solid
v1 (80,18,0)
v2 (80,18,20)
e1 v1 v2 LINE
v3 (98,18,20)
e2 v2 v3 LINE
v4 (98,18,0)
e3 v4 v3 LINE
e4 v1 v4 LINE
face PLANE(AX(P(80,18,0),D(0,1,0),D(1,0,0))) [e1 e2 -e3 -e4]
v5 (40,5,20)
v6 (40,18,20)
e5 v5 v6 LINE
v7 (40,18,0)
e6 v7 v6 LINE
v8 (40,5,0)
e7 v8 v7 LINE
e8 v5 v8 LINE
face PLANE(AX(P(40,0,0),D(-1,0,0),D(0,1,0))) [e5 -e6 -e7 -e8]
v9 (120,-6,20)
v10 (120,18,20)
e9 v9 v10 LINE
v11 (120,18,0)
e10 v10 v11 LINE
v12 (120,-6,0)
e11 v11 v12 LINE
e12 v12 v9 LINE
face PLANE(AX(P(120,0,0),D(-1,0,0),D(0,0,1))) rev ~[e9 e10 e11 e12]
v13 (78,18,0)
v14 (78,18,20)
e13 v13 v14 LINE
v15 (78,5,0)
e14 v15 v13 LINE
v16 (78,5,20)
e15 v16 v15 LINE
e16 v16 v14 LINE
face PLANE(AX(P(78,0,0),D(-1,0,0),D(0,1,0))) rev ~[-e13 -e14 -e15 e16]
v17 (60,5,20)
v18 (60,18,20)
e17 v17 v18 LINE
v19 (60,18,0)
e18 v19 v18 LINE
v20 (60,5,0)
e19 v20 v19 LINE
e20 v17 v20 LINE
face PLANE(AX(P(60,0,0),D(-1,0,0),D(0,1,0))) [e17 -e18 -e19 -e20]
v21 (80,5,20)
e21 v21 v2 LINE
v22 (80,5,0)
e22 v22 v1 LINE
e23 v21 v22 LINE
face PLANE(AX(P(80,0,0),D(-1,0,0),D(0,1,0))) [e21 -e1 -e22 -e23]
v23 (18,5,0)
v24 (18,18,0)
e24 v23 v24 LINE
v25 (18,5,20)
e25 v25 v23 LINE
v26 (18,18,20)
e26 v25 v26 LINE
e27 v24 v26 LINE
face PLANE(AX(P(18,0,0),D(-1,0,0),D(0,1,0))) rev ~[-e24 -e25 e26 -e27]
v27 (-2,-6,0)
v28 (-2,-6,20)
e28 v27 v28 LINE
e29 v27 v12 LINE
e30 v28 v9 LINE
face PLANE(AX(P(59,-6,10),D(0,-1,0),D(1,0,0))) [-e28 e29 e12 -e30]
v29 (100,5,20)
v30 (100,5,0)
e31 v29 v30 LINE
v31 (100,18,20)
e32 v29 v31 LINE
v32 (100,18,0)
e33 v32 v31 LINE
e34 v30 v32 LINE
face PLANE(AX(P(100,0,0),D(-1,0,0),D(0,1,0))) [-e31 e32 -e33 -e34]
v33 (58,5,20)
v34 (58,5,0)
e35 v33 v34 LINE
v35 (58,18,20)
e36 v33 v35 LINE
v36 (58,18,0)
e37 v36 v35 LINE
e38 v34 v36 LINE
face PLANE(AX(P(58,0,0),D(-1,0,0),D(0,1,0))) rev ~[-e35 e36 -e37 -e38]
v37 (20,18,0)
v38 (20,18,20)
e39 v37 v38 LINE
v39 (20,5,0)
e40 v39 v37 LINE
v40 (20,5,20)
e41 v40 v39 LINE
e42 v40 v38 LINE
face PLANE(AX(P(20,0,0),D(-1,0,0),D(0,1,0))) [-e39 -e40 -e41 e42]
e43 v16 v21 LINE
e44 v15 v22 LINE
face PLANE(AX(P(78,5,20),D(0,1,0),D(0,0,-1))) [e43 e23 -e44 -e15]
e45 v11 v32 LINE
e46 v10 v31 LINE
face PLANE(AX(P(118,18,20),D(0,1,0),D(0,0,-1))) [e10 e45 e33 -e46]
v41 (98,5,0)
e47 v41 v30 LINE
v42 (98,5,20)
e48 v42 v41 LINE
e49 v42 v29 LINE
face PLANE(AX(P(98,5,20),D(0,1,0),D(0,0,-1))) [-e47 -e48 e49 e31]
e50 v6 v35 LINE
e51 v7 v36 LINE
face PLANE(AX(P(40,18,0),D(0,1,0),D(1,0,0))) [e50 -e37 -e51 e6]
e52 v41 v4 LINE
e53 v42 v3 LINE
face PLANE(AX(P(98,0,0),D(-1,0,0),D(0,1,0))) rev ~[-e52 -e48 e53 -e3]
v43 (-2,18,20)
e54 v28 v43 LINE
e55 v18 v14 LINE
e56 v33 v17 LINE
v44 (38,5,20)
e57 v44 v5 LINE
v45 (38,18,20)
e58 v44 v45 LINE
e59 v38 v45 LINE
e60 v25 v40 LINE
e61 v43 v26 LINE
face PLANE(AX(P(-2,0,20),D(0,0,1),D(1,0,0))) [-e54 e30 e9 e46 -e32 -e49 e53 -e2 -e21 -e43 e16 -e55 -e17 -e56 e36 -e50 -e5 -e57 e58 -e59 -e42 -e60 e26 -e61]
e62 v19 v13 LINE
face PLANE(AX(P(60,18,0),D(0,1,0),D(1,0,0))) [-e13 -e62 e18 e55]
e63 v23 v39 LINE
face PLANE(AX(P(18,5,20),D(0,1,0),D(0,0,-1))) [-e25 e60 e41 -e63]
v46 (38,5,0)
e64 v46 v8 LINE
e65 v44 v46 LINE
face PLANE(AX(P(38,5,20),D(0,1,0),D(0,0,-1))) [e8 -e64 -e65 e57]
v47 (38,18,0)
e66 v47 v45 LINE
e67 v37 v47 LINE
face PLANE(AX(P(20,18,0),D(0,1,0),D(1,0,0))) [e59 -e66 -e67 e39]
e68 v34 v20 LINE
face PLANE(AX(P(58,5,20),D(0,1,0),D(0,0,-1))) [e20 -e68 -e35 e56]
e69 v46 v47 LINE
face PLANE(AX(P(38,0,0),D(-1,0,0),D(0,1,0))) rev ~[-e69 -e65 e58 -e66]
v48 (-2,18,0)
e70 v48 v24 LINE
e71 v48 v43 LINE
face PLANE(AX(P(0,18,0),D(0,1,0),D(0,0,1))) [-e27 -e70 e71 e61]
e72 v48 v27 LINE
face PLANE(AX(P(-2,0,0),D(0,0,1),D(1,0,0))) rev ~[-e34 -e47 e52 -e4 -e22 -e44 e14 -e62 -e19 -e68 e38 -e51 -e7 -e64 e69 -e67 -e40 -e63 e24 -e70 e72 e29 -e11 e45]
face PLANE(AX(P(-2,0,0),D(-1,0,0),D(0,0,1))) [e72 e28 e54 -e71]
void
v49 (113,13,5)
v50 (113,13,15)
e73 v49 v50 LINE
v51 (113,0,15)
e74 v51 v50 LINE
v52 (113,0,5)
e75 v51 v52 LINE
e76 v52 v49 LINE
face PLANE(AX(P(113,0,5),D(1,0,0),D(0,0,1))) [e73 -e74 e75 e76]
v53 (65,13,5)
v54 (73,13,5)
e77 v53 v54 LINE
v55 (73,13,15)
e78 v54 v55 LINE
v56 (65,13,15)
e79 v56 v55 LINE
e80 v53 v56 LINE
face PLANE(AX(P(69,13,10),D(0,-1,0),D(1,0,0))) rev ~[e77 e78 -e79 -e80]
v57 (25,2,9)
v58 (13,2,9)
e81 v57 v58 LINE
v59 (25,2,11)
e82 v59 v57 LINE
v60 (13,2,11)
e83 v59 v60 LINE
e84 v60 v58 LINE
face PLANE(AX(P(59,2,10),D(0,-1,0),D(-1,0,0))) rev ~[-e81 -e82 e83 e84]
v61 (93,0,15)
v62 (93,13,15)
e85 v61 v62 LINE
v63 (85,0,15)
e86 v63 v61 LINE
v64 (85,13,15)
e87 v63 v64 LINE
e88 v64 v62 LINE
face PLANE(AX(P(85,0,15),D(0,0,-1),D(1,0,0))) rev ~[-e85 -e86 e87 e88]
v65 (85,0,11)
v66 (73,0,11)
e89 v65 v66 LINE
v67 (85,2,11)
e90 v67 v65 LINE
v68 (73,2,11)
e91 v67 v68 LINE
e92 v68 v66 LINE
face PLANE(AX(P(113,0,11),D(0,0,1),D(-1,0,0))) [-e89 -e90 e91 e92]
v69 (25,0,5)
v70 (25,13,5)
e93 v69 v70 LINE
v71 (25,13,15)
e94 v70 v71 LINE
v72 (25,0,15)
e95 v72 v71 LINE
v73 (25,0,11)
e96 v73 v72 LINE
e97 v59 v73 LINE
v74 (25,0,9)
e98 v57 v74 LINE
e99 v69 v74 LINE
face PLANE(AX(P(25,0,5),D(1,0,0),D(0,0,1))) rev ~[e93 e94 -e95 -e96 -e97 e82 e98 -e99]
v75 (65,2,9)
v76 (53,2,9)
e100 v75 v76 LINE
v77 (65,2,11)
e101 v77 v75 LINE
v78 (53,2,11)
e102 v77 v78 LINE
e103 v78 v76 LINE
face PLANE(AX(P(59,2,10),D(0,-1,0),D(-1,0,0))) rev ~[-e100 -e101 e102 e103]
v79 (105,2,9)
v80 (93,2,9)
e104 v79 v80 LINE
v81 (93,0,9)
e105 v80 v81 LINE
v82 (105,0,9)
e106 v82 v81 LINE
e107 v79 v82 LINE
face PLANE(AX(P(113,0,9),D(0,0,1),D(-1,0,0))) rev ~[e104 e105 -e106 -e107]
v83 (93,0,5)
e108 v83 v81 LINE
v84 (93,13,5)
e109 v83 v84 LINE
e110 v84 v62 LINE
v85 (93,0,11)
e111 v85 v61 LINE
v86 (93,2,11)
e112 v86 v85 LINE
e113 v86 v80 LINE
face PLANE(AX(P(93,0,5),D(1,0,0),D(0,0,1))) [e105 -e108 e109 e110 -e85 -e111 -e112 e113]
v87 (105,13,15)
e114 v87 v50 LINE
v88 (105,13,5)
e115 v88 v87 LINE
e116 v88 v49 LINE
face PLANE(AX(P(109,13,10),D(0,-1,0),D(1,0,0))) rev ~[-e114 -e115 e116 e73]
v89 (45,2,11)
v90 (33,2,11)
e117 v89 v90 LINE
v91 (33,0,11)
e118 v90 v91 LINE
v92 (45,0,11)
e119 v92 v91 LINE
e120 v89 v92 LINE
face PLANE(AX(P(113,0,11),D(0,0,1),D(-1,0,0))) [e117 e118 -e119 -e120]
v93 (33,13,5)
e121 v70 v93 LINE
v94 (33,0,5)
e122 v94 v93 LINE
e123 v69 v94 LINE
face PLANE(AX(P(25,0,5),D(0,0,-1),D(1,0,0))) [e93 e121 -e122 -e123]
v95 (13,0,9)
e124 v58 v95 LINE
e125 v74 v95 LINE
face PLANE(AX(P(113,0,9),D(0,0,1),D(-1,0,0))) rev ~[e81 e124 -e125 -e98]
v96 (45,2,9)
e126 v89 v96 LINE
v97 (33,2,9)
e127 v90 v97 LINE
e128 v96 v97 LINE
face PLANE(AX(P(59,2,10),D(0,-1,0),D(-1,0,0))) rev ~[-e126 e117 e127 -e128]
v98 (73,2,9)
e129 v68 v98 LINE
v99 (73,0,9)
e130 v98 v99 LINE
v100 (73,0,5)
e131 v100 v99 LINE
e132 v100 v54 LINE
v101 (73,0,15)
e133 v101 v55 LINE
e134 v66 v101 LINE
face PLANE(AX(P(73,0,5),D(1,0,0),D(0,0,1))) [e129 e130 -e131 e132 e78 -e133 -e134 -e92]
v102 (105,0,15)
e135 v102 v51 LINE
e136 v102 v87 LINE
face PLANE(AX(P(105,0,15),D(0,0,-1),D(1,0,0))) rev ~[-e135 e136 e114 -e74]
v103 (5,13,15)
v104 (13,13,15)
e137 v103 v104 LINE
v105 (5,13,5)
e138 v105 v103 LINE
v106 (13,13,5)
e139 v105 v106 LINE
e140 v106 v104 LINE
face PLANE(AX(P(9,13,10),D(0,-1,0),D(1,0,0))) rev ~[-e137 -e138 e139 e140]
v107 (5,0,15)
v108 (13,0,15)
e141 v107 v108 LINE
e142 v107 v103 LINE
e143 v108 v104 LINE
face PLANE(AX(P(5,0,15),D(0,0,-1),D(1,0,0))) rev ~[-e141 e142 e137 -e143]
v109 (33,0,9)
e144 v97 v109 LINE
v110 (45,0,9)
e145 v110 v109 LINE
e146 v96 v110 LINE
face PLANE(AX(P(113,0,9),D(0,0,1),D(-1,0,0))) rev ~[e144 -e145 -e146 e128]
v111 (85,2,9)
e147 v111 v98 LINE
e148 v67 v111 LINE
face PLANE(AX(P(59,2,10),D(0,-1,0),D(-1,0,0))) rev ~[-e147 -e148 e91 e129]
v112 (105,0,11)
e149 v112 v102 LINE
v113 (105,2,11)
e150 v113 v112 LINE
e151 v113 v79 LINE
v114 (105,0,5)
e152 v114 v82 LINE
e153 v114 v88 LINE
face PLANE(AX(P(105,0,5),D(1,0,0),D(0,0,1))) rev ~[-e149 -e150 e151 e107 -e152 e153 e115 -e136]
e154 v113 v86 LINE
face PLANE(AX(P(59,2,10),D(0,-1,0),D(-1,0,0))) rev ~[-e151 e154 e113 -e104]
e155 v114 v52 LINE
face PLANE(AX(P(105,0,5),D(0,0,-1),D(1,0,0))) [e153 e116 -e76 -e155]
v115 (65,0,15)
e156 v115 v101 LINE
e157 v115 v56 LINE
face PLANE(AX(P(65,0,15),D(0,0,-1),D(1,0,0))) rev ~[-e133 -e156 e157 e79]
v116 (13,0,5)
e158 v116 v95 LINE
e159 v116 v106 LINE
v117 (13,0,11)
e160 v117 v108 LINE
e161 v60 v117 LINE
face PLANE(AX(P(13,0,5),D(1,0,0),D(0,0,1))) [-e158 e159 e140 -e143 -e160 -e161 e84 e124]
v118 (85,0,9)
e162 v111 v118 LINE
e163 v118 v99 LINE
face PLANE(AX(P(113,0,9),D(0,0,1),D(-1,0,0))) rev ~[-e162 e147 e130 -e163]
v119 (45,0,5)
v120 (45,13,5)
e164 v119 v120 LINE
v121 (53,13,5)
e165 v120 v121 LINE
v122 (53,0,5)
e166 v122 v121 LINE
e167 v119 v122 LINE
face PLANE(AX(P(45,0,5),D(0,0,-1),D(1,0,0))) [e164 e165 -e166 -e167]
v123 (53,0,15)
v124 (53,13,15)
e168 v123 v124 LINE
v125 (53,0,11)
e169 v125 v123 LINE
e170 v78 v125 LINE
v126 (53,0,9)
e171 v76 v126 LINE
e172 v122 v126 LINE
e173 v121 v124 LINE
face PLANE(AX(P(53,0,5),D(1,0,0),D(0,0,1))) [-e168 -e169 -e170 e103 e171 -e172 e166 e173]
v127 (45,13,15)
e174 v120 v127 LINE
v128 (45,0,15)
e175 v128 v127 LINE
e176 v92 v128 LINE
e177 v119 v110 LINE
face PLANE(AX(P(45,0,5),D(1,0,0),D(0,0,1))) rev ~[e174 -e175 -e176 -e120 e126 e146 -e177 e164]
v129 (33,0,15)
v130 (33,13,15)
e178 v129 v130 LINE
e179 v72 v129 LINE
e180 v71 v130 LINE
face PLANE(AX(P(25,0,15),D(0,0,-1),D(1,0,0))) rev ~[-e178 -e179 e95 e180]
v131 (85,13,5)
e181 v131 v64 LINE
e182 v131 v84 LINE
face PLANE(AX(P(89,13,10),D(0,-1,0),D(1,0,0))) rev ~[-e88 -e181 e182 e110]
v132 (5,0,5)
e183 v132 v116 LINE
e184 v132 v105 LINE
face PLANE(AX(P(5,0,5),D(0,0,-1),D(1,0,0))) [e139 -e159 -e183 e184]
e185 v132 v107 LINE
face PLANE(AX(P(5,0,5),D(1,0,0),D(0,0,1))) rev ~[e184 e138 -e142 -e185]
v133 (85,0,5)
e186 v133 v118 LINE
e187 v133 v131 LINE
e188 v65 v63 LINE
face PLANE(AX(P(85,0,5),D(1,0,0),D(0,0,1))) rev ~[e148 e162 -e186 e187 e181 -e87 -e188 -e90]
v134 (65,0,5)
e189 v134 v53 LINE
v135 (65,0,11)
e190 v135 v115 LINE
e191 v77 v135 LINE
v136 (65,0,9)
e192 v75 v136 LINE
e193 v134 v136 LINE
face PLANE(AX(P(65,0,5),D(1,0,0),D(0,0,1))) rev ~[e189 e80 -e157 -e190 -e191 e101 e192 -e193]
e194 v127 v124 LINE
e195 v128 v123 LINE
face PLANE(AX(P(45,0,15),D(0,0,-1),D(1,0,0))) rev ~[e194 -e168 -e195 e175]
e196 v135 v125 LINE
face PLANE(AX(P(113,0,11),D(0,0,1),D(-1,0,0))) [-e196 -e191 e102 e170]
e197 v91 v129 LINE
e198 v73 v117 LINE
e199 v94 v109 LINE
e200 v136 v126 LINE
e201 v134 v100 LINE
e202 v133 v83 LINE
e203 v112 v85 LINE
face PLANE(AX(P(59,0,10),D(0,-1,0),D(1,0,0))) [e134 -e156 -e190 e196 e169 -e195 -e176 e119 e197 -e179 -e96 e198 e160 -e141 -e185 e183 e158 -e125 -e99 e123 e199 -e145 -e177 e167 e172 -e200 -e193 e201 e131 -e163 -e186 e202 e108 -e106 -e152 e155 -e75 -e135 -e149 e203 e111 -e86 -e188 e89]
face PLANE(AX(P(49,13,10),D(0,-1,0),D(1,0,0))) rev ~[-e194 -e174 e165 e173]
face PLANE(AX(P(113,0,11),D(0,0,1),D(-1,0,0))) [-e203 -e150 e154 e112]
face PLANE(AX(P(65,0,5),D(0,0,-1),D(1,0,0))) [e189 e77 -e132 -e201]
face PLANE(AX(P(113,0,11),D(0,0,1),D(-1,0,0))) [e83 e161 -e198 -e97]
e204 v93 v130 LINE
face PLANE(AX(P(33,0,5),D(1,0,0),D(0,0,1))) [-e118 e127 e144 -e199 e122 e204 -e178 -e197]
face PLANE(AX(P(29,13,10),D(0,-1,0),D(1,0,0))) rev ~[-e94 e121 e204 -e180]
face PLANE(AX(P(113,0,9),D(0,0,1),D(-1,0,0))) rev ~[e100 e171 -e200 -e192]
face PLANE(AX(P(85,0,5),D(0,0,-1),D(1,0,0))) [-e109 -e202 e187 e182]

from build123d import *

# Parameters (mm, degrees)
SKETCH1_W           = 18
SKETCH1_H           = 18
BOSS_EXTRUDE1_DEPTH = 20
SKETCH2_W           = 8
SKETCH2_H           = 10
CUT_EXTRUDE1_DEPTH  = 13
SKETCH3_W           = 20
SKETCH3_H           = 5
BOSS_EXTRUDE2_DEPTH = 2
LPATTERN1_COUNT     = 6
LPATTERN1_PITCH     = 20
SKETCH4_W           = 20
SKETCH4_H           = 13
BOSS_EXTRUDE3_DEPTH = 2
SKETCH5_W           = 20
SKETCH5_H           = 18
BOSS_EXTRUDE4_DEPTH = 2
SKETCH6_W           = 108
SKETCH6_H           = 2
CUT_EXTRUDE2_DEPTH  = 2
SKETCH7_W           = 122
SKETCH7_H           = 20
BOSS_EXTRUDE5_DEPTH = 6


with BuildPart() as part:
    # Sketch1 → Boss-Extrude1 (new body)
    with BuildSketch(Plane.XY):
        with Locations((9, 9)):
            Rectangle(SKETCH1_W, SKETCH1_H)
    extrude(amount=BOSS_EXTRUDE1_DEPTH)

    # Sketch2 → Cut-Extrude1 (cut)
    with BuildSketch(Plane.XZ):
        with Locations((9, 10)):
            Rectangle(SKETCH2_W, SKETCH2_H)
    extrude(amount=-CUT_EXTRUDE1_DEPTH, mode=Mode.SUBTRACT)

    # Sketch3 → Boss-Extrude2 (add)
    with BuildSketch(Plane(origin=(18, 0, 0), x_dir=(0, 0, -1), z_dir=(1, 0, 0))):
        with Locations((-10, 2.5)):
            Rectangle(SKETCH3_W, SKETCH3_H)
    extrude(amount=BOSS_EXTRUDE2_DEPTH)


with BuildPart() as lpattern1_1:
    # LPattern1: pattern copy
    add(part.part.moved(Location(Vector(1, 0, 0) * (1 * LPATTERN1_PITCH))))


with BuildPart() as lpattern1_2:
    # LPattern1: pattern copy
    add(part.part.moved(Location(Vector(1, 0, 0) * (2 * LPATTERN1_PITCH))))


with BuildPart() as lpattern1_3:
    # LPattern1: pattern copy
    add(part.part.moved(Location(Vector(1, 0, 0) * (3 * LPATTERN1_PITCH))))


with BuildPart() as lpattern1_4:
    # LPattern1: pattern copy
    add(part.part.moved(Location(Vector(1, 0, 0) * (4 * LPATTERN1_PITCH))))


with BuildPart() as lpattern1_5:
    # LPattern1: pattern copy
    add(part.part.moved(Location(Vector(1, 0, 0) * (5 * LPATTERN1_PITCH))))


with BuildPart() as lpattern1_4_1:
    add(lpattern1_4.part)

    # Combine1: union LPattern1_5, part, LPattern1_1, LPattern1_2, LPattern1_3
    add(lpattern1_5.part)
    add(part.part)
    add(lpattern1_1.part)
    add(lpattern1_2.part)
    add(lpattern1_3.part)

    # Sketch4 → Boss-Extrude3 (add)
    with BuildSketch(Plane(origin=(118, 0, 0), x_dir=(0, 0, -1), z_dir=(1, 0, 0))):
        with Locations((-10, 11.5)):
            Rectangle(SKETCH4_W, SKETCH4_H)
    extrude(amount=BOSS_EXTRUDE3_DEPTH)

    # Sketch5 → Boss-Extrude4 (add)
    with BuildSketch(Plane.ZY):
        with Locations((10, 9)):
            Rectangle(SKETCH5_W, SKETCH5_H)
    extrude(amount=BOSS_EXTRUDE4_DEPTH)

    # Sketch6 → Cut-Extrude2 (cut)
    with BuildSketch(Plane(origin=(0, 0, 0), x_dir=(-1, 0, 0), z_dir=(0, -1, 0))):
        with Locations((-59, -10)):
            Rectangle(SKETCH6_W, SKETCH6_H)
    extrude(amount=-CUT_EXTRUDE2_DEPTH, mode=Mode.SUBTRACT)

    # Sketch7 → Boss-Extrude5 (add)
    with BuildSketch(Plane.XZ):
        with Locations((59, 10)):
            Rectangle(SKETCH7_W, SKETCH7_H)
    extrude(amount=BOSS_EXTRUDE5_DEPTH)


solid = lpattern1_4_1.part
